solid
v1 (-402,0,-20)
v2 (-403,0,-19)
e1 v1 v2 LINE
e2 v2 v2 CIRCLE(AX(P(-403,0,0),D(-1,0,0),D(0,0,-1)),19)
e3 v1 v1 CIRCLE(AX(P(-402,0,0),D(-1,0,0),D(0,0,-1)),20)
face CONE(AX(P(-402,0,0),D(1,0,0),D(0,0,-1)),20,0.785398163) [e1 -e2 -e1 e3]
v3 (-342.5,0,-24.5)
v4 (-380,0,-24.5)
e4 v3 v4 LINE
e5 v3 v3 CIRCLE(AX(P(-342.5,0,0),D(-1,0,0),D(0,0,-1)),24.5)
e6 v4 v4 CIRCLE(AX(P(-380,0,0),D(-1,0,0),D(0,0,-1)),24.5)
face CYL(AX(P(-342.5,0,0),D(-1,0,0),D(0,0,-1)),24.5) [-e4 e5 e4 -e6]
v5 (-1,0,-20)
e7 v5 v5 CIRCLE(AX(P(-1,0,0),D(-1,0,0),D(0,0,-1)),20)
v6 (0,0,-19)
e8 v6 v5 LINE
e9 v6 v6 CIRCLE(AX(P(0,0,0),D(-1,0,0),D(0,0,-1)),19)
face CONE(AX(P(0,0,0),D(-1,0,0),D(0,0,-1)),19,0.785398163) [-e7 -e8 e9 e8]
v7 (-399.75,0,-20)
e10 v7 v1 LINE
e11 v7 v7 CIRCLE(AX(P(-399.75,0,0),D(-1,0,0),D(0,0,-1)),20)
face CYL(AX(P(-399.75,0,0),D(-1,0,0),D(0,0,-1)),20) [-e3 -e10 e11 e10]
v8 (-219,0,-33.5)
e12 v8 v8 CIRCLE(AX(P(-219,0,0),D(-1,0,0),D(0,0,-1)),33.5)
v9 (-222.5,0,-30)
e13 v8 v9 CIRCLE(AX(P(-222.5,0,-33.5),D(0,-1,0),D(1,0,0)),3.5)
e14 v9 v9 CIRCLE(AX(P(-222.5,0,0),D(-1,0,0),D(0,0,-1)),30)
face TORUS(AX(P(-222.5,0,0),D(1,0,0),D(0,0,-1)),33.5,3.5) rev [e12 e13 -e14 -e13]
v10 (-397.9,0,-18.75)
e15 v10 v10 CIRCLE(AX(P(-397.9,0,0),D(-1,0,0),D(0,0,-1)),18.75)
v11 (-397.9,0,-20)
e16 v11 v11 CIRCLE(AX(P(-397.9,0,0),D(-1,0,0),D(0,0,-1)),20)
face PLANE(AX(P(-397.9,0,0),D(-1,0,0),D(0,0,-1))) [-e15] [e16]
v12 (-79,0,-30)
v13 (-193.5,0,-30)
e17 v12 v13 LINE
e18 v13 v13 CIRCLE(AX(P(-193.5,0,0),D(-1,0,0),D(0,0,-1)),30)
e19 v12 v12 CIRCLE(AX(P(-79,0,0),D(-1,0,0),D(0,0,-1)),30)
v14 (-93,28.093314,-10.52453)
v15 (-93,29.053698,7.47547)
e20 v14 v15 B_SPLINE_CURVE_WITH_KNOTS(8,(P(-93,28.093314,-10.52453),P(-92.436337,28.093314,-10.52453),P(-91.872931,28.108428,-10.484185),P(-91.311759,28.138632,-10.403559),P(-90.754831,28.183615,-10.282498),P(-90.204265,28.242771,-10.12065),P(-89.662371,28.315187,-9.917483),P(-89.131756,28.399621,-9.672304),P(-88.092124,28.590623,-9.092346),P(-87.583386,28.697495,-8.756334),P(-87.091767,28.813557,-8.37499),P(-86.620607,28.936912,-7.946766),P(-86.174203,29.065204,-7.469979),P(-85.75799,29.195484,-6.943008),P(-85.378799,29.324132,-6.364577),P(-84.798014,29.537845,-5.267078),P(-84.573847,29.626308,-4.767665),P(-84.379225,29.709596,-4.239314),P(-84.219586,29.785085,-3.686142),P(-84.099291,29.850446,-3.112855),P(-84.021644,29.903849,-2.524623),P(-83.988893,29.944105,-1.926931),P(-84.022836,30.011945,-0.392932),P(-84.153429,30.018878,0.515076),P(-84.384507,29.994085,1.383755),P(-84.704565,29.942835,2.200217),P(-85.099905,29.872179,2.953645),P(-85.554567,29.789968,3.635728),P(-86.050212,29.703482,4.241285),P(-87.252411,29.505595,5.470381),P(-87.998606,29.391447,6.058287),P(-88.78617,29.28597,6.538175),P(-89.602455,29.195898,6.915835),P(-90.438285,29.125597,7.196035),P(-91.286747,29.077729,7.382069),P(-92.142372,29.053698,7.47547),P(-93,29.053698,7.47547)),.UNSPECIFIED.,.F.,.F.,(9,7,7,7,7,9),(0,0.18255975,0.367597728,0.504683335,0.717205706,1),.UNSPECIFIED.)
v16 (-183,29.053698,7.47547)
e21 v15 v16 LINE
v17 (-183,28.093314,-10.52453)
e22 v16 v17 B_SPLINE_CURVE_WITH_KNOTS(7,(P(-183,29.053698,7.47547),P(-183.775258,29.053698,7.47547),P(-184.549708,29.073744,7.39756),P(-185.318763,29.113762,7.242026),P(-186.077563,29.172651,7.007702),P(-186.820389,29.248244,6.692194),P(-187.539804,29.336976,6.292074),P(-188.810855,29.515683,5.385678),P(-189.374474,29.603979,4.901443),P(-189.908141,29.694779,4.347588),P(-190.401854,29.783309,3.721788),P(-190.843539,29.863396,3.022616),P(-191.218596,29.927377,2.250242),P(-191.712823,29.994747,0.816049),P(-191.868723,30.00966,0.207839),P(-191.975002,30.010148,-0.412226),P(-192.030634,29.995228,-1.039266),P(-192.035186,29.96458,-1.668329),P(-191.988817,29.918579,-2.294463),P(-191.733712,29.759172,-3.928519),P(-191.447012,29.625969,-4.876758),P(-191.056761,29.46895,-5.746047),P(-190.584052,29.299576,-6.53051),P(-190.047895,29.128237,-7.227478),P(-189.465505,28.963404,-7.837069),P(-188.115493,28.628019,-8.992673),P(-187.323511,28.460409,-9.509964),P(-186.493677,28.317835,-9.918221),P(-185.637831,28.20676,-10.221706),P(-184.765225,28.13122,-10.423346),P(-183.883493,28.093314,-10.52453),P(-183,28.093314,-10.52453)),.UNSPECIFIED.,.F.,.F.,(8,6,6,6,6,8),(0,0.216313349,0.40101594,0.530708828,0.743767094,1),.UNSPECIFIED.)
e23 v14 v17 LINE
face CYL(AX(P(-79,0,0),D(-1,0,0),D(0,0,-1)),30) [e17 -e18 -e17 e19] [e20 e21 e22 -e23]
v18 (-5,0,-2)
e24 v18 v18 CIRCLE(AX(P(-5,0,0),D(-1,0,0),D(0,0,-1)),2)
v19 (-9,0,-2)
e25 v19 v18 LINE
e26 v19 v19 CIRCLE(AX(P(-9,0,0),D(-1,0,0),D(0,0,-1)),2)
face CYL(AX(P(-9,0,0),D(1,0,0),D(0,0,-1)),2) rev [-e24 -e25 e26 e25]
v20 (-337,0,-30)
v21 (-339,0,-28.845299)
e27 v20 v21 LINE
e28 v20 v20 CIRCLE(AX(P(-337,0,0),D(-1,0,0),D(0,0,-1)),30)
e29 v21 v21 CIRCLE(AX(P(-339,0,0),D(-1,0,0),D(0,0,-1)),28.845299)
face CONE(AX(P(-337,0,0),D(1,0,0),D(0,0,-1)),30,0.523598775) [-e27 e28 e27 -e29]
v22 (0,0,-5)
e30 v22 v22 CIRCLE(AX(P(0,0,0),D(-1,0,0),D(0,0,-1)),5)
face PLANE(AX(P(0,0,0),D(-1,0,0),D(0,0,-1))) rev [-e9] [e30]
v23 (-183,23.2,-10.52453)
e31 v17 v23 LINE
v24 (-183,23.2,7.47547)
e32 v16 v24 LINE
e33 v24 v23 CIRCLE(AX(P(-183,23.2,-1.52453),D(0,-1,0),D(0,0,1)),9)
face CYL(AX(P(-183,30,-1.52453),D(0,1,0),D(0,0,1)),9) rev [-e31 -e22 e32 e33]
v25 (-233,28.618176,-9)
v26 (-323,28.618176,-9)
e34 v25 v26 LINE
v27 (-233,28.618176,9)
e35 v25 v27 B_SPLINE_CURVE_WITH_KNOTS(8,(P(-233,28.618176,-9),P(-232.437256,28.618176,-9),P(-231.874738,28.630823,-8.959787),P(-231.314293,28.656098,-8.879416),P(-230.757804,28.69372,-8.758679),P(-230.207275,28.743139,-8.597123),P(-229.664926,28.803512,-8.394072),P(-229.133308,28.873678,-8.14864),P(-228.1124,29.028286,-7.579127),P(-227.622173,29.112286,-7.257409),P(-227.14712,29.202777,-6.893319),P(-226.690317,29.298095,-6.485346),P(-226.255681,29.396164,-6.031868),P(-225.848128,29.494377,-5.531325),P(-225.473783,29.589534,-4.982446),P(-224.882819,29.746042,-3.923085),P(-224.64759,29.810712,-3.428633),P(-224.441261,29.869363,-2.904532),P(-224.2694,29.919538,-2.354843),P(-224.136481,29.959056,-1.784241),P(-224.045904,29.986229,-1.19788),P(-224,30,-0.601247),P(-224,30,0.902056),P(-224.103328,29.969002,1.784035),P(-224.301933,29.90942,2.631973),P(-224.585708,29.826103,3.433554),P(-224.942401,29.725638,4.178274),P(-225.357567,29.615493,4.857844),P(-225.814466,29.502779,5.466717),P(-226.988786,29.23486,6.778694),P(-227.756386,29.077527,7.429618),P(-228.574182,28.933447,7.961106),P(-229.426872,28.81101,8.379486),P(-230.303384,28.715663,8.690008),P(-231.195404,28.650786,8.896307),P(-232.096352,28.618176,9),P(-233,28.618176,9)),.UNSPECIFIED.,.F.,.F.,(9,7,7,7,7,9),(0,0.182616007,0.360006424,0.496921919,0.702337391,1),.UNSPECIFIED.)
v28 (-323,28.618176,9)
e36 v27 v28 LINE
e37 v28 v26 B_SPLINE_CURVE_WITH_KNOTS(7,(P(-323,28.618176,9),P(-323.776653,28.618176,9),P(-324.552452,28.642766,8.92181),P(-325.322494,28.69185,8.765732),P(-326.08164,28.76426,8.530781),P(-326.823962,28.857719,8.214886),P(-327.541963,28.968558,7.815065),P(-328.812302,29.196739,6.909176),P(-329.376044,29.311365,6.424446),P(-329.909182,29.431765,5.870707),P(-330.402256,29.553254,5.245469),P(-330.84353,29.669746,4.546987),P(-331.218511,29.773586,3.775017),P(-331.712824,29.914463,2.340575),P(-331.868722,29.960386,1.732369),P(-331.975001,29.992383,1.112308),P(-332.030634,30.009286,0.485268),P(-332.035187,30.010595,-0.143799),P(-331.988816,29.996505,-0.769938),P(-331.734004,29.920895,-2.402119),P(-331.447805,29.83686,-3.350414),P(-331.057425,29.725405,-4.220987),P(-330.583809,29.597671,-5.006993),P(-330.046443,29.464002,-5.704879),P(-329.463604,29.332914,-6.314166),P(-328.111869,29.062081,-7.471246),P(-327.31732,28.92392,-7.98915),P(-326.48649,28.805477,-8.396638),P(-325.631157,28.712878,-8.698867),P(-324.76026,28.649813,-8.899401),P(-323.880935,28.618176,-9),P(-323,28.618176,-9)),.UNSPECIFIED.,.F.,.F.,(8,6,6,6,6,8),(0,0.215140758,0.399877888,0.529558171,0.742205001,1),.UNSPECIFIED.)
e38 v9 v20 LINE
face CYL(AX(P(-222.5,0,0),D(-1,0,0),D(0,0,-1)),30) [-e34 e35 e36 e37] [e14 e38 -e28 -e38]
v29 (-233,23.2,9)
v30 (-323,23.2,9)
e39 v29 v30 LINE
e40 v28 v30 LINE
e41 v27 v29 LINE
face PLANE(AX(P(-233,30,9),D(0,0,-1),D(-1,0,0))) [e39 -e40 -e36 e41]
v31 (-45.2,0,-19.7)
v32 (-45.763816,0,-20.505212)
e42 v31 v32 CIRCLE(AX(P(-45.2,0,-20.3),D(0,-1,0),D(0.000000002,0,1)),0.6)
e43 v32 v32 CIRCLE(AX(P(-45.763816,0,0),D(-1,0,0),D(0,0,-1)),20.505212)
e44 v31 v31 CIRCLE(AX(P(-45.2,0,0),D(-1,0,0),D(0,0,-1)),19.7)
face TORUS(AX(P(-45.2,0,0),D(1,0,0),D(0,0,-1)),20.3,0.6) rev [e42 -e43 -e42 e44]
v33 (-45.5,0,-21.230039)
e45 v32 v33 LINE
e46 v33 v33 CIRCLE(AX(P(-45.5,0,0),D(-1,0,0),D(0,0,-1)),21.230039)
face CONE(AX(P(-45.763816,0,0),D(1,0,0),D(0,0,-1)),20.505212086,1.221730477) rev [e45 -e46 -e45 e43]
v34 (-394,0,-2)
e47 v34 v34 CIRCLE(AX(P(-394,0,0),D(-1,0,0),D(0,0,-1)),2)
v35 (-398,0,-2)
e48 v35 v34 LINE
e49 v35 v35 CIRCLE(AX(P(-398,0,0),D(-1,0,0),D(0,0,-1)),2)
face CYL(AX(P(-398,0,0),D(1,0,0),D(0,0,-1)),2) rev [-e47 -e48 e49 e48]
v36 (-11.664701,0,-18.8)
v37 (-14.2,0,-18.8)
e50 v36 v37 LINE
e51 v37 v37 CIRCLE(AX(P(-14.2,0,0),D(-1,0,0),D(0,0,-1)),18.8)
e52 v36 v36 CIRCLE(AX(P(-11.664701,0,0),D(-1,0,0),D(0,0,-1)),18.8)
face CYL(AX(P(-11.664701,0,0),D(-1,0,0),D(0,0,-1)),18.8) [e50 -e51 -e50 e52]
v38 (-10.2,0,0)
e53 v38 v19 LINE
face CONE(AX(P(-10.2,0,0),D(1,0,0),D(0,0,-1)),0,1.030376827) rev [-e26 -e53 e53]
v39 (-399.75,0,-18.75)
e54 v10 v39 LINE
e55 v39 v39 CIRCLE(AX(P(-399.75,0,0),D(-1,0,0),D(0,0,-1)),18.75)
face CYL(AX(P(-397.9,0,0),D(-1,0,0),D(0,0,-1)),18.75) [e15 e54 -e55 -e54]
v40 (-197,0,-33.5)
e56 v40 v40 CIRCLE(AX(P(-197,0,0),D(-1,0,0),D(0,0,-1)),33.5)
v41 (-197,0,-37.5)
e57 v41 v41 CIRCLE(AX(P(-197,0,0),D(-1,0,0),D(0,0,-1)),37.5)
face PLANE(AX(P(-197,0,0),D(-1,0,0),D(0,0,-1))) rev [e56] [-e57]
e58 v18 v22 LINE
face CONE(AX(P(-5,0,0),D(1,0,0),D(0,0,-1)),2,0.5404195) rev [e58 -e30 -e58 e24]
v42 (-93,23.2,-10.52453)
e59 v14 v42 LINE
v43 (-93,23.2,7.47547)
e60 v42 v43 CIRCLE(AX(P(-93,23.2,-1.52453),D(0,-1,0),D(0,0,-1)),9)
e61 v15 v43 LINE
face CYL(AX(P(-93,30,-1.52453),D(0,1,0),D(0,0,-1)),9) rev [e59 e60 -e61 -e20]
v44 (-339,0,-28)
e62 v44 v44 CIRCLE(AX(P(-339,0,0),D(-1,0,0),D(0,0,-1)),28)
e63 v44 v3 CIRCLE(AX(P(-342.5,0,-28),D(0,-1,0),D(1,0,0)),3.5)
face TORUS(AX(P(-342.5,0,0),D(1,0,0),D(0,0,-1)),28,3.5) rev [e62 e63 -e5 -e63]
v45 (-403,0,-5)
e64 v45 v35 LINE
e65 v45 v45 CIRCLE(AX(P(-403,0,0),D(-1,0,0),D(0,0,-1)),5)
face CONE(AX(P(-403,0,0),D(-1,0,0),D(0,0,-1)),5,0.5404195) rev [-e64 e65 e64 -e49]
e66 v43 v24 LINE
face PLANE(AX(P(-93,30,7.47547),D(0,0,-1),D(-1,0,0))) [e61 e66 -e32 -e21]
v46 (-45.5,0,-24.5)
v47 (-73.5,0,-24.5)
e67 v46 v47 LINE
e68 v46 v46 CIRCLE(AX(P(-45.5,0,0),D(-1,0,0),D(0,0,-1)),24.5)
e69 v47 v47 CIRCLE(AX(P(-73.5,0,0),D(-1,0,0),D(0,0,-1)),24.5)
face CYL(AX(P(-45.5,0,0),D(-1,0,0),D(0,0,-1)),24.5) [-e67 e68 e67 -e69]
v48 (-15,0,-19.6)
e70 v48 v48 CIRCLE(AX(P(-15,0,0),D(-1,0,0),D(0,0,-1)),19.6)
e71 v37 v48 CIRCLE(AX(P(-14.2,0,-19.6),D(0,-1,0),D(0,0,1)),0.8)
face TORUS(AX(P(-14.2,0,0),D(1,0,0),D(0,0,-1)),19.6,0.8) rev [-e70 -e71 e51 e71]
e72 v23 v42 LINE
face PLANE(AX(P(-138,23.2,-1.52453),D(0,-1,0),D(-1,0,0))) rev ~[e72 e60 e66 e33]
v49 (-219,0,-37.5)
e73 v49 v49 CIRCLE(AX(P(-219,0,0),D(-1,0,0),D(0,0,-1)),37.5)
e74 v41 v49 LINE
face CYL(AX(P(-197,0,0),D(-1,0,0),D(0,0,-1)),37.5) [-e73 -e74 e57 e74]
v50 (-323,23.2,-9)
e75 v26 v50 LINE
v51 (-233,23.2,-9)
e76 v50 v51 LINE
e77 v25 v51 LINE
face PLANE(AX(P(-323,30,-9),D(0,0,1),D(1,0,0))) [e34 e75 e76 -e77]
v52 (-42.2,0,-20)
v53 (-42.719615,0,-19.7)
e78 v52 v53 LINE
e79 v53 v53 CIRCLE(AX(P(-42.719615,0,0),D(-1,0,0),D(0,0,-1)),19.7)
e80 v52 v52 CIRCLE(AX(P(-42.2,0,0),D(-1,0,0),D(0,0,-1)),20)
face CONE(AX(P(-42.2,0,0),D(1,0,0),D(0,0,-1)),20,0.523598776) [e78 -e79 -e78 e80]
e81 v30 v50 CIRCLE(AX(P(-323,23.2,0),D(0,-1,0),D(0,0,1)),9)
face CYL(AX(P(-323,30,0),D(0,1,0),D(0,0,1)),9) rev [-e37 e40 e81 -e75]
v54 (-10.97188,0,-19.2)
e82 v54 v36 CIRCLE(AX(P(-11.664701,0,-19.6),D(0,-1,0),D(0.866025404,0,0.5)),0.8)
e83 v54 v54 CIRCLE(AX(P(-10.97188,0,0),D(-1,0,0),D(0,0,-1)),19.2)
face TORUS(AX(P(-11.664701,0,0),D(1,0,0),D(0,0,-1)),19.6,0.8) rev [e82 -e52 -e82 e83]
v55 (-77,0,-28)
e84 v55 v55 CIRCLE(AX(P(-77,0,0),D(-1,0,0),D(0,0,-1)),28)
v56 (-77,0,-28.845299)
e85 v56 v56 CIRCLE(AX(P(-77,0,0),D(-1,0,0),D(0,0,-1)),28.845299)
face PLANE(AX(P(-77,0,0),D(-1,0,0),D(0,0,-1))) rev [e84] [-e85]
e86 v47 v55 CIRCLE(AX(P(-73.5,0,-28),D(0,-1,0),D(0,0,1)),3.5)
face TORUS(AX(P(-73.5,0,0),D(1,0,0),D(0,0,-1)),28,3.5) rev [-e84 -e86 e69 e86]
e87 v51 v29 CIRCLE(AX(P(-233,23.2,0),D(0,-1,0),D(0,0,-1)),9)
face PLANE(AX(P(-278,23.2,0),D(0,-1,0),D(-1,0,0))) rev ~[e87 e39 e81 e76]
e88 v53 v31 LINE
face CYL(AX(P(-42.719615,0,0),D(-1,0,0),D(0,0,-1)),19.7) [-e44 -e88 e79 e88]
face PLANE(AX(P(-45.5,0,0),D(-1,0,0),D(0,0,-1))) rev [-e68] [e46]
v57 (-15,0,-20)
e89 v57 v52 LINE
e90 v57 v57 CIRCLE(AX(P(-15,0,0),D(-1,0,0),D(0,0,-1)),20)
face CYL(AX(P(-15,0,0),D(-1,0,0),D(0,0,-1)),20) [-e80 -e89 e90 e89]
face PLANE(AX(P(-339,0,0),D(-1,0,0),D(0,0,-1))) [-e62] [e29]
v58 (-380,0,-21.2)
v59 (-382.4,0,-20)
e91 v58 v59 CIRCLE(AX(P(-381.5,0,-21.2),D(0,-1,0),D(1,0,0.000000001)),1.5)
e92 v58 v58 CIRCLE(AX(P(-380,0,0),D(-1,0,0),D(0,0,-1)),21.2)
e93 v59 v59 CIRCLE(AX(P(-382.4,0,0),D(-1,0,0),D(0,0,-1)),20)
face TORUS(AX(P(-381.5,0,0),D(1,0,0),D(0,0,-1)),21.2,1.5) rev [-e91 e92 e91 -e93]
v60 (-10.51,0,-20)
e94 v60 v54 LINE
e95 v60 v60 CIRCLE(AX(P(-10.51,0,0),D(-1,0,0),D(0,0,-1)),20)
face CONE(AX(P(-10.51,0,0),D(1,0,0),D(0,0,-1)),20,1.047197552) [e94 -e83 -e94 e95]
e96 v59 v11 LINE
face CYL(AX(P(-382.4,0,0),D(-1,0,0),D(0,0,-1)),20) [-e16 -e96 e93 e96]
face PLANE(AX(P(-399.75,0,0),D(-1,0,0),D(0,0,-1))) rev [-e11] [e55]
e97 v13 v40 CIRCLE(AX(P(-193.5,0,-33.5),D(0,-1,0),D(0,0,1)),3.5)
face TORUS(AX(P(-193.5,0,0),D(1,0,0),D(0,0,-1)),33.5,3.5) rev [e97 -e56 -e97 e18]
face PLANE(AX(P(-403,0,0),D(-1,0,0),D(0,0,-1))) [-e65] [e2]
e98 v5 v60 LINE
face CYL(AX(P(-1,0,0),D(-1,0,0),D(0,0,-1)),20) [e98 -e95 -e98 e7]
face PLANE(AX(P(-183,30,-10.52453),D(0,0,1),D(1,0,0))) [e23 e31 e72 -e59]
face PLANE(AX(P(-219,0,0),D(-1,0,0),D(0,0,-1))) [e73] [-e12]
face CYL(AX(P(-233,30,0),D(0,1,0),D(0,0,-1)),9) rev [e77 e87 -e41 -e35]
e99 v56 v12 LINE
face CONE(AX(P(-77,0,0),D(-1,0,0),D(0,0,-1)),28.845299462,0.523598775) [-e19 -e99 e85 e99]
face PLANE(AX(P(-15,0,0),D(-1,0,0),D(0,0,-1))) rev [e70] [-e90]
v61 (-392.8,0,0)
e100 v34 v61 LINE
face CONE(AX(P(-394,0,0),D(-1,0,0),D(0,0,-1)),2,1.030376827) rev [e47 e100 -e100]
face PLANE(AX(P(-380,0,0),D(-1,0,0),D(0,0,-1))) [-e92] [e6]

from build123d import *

# Parameters (mm, degrees)
CUT_EXTRUDE1_DEPTH = 6.8


with BuildPart() as part:
    # Sketch1 → Revolve2 (revolve)
    with BuildSketch(Plane.XY, mode=Mode.PRIVATE) as revolve2_sk:
        with BuildLine():
            Line((-392.8, 0), (-10.2, 0))
            Line((-10.2, 0), (-9, 2))
            Line((-9, 2), (-5, 2))
            Line((-5, 2), (0, 5))
            Line((0, 5), (0, 19))
            Line((0, 19), (-1, 20))
            Line((-1, 20), (-10.51, 20))
            Line((-10.51, 20), (-10.971880215, 19.2))
            ThreePointArc((-10.971880215, 19.2), (-11.264700538, 18.907179677), (-11.664700538, 18.8))
            Line((-11.664700538, 18.8), (-14.2, 18.8))
            ThreePointArc((-14.2, 18.8), (-14.765685425, 19.034314575), (-15, 19.6))
            Line((-15, 19.6), (-15, 20))
            Line((-15, 20), (-42.2, 20))
            Line((-42.2, 20), (-42.719615242, 19.7))
            Line((-42.719615242, 19.7), (-45.2, 19.7))
            ThreePointArc((-45.2, 19.7), (-45.691491227, 19.955854138), (-45.763815572, 20.505212086))
            Line((-45.763815572, 20.505212086), (-45.5, 21.230039414))
            Line((-45.5, 21.230039414), (-45.5, 23.217650241))
            Line((-45.5, 23.217650241), (-45.5, 24.5))
            Line((-45.5, 24.5), (-73.5, 24.5))
            ThreePointArc((-73.5, 24.5), (-75.974873734, 25.525126266), (-77, 28))
            Line((-77, 28), (-77, 28.845299462))
            Line((-77, 28.845299462), (-79, 30))
            Line((-79, 30), (-193.5, 30))
            ThreePointArc((-193.5, 30), (-195.974873734, 31.025126266), (-197, 33.5))
            Line((-197, 33.5), (-197, 37.5))
            Line((-197, 37.5), (-219, 37.5))
            Line((-219, 37.5), (-219, 33.5))
            ThreePointArc((-219, 33.5), (-220.025126266, 31.025126266), (-222.5, 30))
            Line((-222.5, 30), (-337, 30))
            Line((-337, 30), (-339, 28.845299462))
            Line((-339, 28.845299462), (-339, 28))
            ThreePointArc((-339, 28), (-340.025126266, 25.525126266), (-342.5, 24.5))
            Line((-342.5, 24.5), (-380, 24.5))
            Line((-380, 24.5), (-380, 21.2))
            ThreePointArc((-380, 21.2), (-380.829179607, 19.858359214), (-382.4, 20))
            Line((-382.4, 20), (-397.9, 20))
            Line((-397.9, 20), (-397.9, 18.75))
            Line((-397.9, 18.75), (-399.75, 18.75))
            Line((-399.75, 18.75), (-399.75, 20))
            Line((-399.75, 20), (-402, 20))
            Line((-402, 20), (-403, 19))
            Line((-403, 19), (-403, 5))
            Line((-403, 5), (-398, 2))
            Line((-398, 2), (-394, 2))
            Line((-394, 2), (-392.8, 0))
        make_face()
    revolve(revolve2_sk.sketch.rotate(Axis((-10.2, 0, 0), (-1, 0, 0)), 90), axis=Axis((-10.2, 0, 0), (-1, 0, 0)))

    # Sketch2 → Cut-Extrude1 (cut)
    with BuildSketch(Plane(origin=(0, 30, 0), x_dir=(1, 0, 0), z_dir=(0, 1, 0))):
        with BuildLine():
            Line((-323, 9), (-233, 9))
            ThreePointArc((-233, 9), (-224, 0), (-233, -9))
            Line((-233, -9), (-323, -9))
            ThreePointArc((-323, -9), (-332, 0), (-323, 9))
        make_face()
        with BuildLine():
            Line((-183, 10.524530011), (-93, 10.524530011))
            ThreePointArc((-93, 10.524530011), (-84, 1.524530011), (-93, -7.475469989))
            Line((-93, -7.475469989), (-183, -7.475469989))
            ThreePointArc((-183, -7.475469989), (-192, 1.524530011), (-183, 10.524530011))
        make_face()
    extrude(amount=-CUT_EXTRUDE1_DEPTH, mode=Mode.SUBTRACT)


solid = part.part
